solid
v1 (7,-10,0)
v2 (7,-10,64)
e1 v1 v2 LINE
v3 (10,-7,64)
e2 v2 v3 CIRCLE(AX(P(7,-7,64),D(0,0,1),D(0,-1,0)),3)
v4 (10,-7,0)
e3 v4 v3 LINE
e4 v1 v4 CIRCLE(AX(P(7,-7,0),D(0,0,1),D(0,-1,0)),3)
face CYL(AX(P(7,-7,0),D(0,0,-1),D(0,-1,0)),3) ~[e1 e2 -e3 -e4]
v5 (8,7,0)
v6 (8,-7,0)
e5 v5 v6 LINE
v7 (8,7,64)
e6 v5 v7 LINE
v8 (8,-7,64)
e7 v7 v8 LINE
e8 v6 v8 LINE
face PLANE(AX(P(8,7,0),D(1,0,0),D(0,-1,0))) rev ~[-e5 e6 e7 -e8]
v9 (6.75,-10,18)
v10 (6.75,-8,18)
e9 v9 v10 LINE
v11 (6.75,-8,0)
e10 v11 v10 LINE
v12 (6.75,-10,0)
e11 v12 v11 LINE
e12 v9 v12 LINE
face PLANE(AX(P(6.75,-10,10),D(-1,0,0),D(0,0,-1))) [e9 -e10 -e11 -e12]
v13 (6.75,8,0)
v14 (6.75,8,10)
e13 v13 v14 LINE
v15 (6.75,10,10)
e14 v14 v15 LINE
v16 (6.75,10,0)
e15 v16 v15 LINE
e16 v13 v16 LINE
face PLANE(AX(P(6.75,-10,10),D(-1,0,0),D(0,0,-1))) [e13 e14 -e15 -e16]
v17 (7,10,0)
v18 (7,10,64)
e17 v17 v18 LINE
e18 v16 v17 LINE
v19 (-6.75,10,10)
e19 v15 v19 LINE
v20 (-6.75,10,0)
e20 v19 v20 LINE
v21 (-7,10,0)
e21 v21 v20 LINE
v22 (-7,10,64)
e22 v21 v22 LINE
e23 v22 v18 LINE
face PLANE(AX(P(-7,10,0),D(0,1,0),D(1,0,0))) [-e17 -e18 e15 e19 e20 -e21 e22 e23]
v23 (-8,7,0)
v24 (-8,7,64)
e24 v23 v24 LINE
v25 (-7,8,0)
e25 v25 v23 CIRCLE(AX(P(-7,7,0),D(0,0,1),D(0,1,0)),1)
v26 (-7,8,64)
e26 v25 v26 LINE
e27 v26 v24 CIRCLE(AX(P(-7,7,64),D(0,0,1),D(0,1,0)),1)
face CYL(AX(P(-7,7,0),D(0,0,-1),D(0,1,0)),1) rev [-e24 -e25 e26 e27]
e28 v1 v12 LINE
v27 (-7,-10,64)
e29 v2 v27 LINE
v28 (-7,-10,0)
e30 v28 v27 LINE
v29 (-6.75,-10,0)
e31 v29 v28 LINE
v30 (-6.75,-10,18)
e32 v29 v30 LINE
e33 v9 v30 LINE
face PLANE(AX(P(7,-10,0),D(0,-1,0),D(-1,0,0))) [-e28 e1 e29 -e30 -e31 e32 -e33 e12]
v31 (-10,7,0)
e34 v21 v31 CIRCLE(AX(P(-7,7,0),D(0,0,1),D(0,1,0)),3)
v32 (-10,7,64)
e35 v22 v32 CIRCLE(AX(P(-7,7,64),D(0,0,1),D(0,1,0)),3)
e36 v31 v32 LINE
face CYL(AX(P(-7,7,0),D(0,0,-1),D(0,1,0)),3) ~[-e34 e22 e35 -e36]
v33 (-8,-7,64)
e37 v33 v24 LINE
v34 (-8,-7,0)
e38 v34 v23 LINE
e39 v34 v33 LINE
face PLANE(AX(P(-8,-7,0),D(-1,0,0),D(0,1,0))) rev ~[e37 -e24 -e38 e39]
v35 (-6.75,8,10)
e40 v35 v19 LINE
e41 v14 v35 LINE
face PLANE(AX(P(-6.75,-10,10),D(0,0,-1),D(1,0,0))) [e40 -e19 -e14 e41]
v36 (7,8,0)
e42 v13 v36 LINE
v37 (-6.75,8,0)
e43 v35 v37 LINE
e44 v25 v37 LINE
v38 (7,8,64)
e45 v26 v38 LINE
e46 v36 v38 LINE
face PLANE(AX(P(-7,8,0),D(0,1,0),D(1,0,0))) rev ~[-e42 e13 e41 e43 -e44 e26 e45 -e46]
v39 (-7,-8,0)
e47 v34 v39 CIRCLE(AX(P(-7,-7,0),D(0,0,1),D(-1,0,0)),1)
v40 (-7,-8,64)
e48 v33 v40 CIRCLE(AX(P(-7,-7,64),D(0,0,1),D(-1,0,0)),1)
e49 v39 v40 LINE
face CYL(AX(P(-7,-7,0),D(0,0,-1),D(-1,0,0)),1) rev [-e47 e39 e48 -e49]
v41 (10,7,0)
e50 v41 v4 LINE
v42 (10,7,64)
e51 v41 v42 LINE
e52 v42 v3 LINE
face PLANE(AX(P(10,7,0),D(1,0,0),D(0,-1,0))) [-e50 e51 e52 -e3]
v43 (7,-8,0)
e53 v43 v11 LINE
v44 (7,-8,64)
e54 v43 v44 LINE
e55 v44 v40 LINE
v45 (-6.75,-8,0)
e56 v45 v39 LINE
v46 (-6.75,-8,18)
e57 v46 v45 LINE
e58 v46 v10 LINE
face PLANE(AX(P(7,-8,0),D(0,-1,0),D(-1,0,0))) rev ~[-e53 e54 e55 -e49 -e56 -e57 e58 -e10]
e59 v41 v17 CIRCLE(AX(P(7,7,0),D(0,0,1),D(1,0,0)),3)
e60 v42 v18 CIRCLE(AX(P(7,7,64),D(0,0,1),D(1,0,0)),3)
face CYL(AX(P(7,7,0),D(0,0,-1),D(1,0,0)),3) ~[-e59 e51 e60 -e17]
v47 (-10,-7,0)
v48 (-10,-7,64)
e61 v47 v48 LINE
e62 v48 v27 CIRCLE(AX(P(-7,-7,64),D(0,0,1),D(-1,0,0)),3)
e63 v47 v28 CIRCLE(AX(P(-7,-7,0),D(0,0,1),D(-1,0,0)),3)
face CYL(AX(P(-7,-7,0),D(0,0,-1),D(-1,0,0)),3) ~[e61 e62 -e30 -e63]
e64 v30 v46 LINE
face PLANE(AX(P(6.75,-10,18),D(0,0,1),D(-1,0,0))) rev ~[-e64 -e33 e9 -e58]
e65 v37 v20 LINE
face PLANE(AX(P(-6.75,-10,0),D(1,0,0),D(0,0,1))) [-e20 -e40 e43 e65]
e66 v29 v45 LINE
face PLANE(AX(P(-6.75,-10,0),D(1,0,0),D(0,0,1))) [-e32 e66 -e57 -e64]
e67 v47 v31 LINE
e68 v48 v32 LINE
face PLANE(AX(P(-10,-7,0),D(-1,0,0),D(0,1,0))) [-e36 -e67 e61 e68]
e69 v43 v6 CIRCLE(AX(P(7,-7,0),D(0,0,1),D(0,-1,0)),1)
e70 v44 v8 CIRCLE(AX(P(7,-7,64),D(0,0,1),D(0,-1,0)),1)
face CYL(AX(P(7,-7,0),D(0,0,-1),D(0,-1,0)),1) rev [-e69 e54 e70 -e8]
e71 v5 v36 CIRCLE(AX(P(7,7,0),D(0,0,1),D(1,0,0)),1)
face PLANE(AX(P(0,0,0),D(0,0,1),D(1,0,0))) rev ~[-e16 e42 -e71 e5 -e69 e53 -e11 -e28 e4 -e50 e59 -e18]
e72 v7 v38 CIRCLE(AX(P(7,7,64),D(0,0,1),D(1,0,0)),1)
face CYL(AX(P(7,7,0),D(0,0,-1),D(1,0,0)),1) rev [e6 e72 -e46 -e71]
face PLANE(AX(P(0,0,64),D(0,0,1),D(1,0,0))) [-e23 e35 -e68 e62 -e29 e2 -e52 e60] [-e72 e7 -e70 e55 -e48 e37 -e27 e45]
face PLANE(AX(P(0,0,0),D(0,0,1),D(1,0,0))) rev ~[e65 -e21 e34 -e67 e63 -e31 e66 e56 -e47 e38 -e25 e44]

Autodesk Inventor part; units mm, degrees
ref_plane "YZ Plane" through (0, 0, 0) normal (1, 0, 0) x (0, 1, 0)
ref_plane "Start Plane" through (0, 0, 0) normal (0, 0, 1) x (1, 0, 0)
ref_plane "End Plane" through (0, 0, 64) normal (0, 0, 1) x (1, 0, 0)
sketch "Sketch" plane through (0, 0, 0) normal (0, 0, 1) x (1, 0, 0)
  line L0 (-10, -7) -> (-10, 7)
  line L1 (-7, 10) -> (7, 10)
  line L2 (10, 7) -> (10, -7)
  line L3 (7, -10) -> (-7, -10)
  arc A0 (-10, -7) -> (-7, -10) centre (-7, -7) ccw
  arc A1 (-7, 10) -> (-10, 7) centre (-7, 7) ccw
  arc A2 (10, 7) -> (7, 10) centre (7, 7) ccw
  arc A3 (7, -10) -> (10, -7) centre (7, -7) ccw
  arc A4 (-7, 8) -> (-8, 7) centre (-7, 7) ccw
  line L4 (-7, 8) -> (7, 8)
  arc A5 (8, 7) -> (7, 8) centre (7, 7) ccw
  line L5 (8, 7) -> (8, -7)
  arc A6 (7, -8) -> (8, -7) centre (7, -7) ccw
  line L6 (7, -8) -> (-7, -8)
  arc A7 (-8, -7) -> (-7, -8) centre (-7, -7) ccw
  line L7 (-8, -7) -> (-8, 7)
  line L8 (0, 14.8698) -> (0, -14.8698) construction
  line L9 (-14.8698, 0) -> (14.8698, 0) construction
  dimension "d7" = 3
  dimension "d10" = 20
  dimension "d11" = 20
  dimension "d12" = 2
  dimension "d15" = 10
  dimension "d16" = 10
extrude "Body" add sketch "Sketch" along normal up to surface (64 mm away) from surface at 0
sketch "Sketch3" plane through (0, 0, 0) normal (0, 0, 1) x (1, 0, 0)
  line L0 (0, 0) -> (10, 0)
ref_plane "Work Plane3" through (0, 0, 0) normal (0, -1, 0) x (1, 0, 0)
sketch "Sketch4" plane through (0, 0, 0) normal (0, -1, 0) x (1, 0, 0)
  line L0 (-2, 0) -> (12, 0)
  line L1 (-2, 64) -> (12, 64)
  dimension "d18" = 64
sketch "Sketch5" plane through (-7, -10, 0) normal (0, -1, 0) x (1, 0, 0)
  line L0 (14, 64) -> (0, 64)
  line L1 (0, 0) -> (0, 64)
  line L2 (14, 0) -> (0, 0)
  line L3 (14, 18) -> (0, 18)
  line L4 (14, 18) -> (14, 0)
  line L5 (0, 0) -> (0, 64) projected
  line L6 (0, 0) -> (0, 18)
  line L7 (14, 0) -> (0, 0) projected
  line L8 (7, 18) -> (7, 15) construction
  line L9 (13.75, 0) -> (0.25, 0)
  line L10 (0.25, 0) -> (0.25, 10)
  line L11 (0.25, 10) -> (13.75, 10)
  line L12 (13.75, 10) -> (13.75, 0)
  line L13 (14, 0) -> (14, 64) projected
  line L14 (14, 10) -> (0, 10)
  line L15 (0, 10) -> (0, 18)
  line L16 (0, 18) -> (14, 18)
  line L17 (14, 18) -> (14, 10)
  line L18 (13.75, 10) -> (13.75, 18)
  line L19 (0.25, 10) -> (0.25, 18)
  point P0 (7, 0)
  point P1 (7, 0)
  point P2 (0.25, 0)
  point P3 (13.75, 0)
  point P4 (0.25, 18)
  dimension "d19" = 18
  dimension "d23" = 13.5
  dimension "d24" = 10
  dimension "d27" = 8
extrude "Extrusion3" cut sketch "Sketch5" against normal through all contours L12 L2 L10 L11
extrude "Extrusion4" cut sketch "Sketch5" against normal up to next contours L18 L11 L19 L3
equation "\"d7\" = G_IR"
equation "\"d10\" = G_H"
equation "\"d11\" = G_W"
equation "\"d12\" = G_T"
equation "\"d15\" = 0.5 * d10"
equation "\"d16\" = 0.5 * d11"
equation "\"d3\" = G_L"
equation "\"G_W\" = 20"
equation "\"G_H\" = 20"
equation "\"G_T\" = 2"
equation "\"G_IR\" = 3"
equation "\"G_L\" = d18"
equation "\"G_OFFSET_START\" = 0"
equation "\"G_OFFSET_END\" = 0"
equation "\"d14\" = G_OFFSET_END + B_L"
equation "\"B_L\" = 64"
properties part number "ISO 12633-2 - 20x20x2 - 64" material "Steel, Mild"
